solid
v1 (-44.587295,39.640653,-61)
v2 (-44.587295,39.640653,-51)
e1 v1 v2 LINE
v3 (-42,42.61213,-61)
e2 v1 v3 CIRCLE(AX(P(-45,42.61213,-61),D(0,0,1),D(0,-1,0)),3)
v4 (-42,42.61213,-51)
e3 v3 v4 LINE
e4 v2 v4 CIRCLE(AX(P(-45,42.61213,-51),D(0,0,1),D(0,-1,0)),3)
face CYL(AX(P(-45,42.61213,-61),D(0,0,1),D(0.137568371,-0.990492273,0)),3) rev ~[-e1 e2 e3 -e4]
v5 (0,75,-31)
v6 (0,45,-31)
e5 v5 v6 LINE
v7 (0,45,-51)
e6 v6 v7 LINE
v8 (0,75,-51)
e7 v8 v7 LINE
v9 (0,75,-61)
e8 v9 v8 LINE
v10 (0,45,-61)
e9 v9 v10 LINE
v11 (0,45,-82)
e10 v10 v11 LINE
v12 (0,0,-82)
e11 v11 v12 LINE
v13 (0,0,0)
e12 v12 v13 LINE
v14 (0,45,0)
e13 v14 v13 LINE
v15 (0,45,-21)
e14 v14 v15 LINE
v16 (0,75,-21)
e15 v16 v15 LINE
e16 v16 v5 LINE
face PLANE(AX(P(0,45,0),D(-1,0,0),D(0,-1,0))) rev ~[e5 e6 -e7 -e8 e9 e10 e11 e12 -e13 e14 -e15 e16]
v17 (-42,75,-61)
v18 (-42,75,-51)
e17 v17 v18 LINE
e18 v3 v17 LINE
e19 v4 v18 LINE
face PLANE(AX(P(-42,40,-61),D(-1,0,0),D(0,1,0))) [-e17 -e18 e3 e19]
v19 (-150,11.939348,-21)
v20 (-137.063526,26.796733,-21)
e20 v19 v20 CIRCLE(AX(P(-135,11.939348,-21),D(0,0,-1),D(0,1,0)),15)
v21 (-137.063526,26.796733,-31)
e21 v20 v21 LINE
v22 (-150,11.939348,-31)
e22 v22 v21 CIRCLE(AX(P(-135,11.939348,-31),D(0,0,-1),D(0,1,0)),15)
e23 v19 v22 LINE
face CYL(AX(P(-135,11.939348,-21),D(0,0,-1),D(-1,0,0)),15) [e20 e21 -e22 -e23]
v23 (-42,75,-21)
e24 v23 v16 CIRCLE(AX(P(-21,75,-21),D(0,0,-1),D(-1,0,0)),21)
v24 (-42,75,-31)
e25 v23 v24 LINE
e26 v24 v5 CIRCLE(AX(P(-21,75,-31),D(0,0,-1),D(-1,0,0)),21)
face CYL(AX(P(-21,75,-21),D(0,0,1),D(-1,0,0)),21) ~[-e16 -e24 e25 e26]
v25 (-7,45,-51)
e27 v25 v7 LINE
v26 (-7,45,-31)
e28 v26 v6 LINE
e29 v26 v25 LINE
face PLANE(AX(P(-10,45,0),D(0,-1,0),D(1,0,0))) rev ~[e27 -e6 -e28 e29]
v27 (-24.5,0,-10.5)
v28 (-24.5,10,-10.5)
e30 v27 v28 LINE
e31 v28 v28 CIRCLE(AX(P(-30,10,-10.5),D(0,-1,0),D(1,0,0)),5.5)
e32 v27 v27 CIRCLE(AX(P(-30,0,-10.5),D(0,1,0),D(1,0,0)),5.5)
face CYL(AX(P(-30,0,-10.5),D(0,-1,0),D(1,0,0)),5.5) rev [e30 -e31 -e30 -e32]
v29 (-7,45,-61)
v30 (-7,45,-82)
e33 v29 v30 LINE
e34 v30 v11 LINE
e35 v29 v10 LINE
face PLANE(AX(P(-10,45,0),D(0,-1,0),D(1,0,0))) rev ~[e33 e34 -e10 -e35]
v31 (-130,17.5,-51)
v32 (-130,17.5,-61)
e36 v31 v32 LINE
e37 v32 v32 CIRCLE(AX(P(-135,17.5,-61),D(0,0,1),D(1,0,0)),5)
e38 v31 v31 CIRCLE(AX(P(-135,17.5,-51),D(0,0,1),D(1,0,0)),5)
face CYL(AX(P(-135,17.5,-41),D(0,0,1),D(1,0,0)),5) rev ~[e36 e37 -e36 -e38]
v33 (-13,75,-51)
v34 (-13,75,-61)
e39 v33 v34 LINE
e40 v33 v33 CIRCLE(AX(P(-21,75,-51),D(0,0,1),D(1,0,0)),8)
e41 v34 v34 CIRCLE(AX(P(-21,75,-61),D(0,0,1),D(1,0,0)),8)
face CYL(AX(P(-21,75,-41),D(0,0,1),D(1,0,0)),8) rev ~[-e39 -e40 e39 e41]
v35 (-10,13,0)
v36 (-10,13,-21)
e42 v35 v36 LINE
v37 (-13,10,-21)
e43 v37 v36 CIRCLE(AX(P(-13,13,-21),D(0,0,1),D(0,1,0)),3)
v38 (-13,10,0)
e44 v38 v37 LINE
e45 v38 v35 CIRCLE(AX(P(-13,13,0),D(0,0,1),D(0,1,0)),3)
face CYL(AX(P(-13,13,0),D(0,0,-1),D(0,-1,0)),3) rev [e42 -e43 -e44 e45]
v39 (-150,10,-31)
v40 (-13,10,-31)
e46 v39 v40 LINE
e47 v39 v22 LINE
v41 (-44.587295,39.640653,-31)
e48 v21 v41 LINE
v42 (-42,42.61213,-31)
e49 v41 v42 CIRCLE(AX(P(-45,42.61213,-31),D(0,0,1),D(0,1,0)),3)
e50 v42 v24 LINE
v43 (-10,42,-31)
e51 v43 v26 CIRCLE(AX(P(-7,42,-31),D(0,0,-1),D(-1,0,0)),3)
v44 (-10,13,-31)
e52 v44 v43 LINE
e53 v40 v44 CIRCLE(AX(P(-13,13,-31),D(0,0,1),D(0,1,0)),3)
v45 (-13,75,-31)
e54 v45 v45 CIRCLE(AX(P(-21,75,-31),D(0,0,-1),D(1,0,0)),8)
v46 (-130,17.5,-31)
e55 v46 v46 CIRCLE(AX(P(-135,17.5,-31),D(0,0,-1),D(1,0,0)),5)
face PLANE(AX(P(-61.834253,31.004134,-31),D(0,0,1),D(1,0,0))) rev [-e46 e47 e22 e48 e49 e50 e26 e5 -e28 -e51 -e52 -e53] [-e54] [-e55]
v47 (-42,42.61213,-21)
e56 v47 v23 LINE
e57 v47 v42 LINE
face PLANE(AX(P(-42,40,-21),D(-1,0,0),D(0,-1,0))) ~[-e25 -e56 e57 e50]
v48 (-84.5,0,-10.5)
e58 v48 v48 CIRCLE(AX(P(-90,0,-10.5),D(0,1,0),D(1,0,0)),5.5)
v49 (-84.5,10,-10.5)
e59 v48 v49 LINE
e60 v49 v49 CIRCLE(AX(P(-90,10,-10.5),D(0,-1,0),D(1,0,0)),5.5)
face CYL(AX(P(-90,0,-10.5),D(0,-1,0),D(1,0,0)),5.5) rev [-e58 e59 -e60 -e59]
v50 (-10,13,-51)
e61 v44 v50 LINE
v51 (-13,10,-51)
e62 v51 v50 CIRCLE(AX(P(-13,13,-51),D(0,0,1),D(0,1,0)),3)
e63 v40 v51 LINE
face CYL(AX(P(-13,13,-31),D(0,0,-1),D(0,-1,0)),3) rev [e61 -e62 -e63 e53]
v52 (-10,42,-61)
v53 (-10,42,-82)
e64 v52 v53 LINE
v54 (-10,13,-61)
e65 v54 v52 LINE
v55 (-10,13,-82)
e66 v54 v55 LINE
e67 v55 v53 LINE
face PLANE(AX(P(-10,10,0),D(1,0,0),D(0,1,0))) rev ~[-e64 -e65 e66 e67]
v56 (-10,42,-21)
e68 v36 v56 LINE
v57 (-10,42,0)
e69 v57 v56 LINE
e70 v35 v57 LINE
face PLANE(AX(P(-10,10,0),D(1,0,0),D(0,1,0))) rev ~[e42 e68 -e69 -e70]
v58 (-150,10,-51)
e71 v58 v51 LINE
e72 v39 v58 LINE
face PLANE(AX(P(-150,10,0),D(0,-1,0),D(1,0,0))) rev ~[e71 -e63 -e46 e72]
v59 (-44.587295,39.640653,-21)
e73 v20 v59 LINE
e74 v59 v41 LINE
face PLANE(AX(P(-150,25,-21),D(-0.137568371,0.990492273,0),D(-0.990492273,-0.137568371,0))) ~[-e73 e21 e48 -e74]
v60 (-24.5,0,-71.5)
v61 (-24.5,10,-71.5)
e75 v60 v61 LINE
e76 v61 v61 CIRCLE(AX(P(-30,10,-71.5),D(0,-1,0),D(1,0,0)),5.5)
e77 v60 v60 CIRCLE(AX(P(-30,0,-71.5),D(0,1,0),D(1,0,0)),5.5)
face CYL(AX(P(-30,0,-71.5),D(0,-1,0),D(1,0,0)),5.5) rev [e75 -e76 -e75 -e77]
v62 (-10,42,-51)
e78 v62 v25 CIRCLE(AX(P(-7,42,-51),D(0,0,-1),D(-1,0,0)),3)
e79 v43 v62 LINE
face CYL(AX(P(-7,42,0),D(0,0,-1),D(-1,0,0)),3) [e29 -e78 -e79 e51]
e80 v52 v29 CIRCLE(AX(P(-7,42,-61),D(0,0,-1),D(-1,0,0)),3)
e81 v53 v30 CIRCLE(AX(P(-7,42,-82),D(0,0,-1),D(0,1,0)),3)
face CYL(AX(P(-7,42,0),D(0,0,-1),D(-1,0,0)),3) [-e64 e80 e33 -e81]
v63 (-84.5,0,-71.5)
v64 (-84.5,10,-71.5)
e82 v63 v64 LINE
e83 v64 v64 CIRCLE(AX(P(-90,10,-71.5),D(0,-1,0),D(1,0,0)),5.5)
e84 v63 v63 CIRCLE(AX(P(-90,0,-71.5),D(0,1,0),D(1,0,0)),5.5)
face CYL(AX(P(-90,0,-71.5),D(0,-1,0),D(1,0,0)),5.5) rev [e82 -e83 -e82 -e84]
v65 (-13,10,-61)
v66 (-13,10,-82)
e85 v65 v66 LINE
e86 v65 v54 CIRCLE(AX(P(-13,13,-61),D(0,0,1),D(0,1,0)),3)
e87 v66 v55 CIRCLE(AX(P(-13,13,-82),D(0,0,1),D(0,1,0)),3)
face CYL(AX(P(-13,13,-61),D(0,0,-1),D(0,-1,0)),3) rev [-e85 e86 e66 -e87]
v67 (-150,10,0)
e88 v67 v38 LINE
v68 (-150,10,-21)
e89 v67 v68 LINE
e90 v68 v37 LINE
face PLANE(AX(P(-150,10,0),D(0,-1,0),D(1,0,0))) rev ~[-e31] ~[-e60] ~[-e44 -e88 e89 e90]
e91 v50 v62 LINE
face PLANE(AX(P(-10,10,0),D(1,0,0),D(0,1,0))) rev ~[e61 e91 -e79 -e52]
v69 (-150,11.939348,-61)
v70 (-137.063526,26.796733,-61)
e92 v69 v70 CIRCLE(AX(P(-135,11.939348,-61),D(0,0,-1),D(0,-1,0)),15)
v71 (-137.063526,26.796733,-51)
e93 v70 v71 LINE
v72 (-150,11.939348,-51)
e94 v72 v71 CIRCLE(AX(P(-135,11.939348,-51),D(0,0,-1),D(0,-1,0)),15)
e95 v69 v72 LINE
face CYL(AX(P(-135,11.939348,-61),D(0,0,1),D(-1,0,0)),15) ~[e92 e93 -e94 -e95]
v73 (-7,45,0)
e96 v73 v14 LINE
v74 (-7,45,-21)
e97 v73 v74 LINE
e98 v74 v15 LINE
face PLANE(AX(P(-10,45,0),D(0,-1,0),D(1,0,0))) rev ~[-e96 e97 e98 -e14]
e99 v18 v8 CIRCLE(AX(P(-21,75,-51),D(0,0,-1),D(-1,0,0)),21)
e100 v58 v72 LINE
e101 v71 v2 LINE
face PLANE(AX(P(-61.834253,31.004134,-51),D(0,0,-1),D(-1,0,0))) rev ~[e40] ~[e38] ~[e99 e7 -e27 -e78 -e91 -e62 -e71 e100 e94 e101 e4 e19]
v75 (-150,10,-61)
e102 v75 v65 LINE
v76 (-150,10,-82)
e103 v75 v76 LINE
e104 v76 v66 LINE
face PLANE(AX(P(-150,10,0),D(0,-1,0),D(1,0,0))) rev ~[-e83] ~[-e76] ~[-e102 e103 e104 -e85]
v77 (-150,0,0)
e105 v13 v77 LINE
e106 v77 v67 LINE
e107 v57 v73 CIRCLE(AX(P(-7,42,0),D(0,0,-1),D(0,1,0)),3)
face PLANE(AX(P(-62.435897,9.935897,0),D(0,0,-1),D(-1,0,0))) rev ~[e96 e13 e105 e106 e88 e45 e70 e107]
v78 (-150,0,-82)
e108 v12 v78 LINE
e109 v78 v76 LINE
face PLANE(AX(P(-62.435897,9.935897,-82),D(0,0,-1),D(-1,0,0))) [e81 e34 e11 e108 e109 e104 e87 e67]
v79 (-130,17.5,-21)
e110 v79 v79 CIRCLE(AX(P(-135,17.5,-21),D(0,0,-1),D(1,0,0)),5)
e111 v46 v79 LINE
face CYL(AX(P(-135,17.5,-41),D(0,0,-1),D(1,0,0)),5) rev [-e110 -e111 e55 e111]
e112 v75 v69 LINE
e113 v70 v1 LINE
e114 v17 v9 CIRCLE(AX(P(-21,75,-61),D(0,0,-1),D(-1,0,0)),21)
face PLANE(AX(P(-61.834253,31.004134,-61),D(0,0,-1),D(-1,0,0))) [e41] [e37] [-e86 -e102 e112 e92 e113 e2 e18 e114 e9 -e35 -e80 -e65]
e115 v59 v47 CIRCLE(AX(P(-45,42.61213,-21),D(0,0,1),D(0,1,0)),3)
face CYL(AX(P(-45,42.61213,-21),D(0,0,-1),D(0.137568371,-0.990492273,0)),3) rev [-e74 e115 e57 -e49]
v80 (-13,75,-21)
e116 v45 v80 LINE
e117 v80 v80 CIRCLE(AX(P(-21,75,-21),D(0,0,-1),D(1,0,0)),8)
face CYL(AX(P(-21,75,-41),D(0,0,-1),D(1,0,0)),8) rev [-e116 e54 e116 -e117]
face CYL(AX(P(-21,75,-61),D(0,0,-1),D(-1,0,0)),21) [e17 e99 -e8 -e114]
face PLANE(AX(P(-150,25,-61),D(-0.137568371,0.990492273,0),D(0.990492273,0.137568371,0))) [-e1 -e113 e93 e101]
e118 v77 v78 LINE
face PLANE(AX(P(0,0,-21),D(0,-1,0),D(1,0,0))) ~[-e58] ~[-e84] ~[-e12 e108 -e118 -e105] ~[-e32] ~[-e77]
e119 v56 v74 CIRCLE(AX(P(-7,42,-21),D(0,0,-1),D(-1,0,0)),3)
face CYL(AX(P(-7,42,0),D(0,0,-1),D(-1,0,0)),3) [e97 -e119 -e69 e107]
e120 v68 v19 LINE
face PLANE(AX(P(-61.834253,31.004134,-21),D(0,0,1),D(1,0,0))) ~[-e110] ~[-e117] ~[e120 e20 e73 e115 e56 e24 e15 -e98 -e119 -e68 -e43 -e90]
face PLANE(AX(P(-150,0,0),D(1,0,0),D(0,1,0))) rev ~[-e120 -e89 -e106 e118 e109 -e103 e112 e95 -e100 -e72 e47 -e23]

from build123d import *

# Parameters (mm, degrees)
EXTRUDE_1_DEPTH          = 82
FILLET_1_R               = 3
EXTRUDE_2_DEPTH          = 10
SKETCH_3_R               = 8
SKETCH_3_R_2             = 5
CUT_EXTRUDE_1_DEPTH      = 42
CUT_EXTRUDE_1_DEPTH_BACK = 42
FILLET_2_R               = 15
SKETCH_4_R               = 5.5
CUT_EXTRUDE_2_DEPTH      = 97
CUT_EXTRUDE_2_DEPTH_BACK = 1
FILLET_3_R               = 3
FILLET_4_R               = 3


with BuildPart() as part:
    # 스케치1 → 보스-돌출1 (new body)
    with BuildSketch(Plane.XY):
        Polygon((0, 0), (-150, 0), (-150, 10), (-10, 10), (-10, 45), (0, 45), align=None)
    extrude(amount=-EXTRUDE_1_DEPTH)

    # 필렛1
    fillet_1_edges = [part.edges().sort_by_distance(p)[0] for p in [
        (-10, 45, -41),
    ]]
    fillet(fillet_1_edges, radius=FILLET_1_R)

    # 스케치2 → 보스-돌출2 (add)
    with BuildSketch(Plane(origin=(0, 0, -61), x_dir=(-1, 0, 0), z_dir=(0, 0, -1))):
        with BuildLine():
            Line((150, 0), (150, 25))
            Line((150, 25), (42, 40))
            Line((42, 40), (42, 75))
            ThreePointArc((42, 75), (21, 96), (0, 75))
            Line((0, 75), (0, 0))
            Line((0, 0), (150, 0))
        make_face()
    extrude_2 = extrude(amount=-EXTRUDE_2_DEPTH)

    # 대칭 복사1: 보스-돌출2 across plane
    add(extrude_2.mirror(Plane.XY.offset(-41)))

    # 스케치3 → 컷-돌출1 (cut, two sides)
    with BuildSketch(Plane.XY.offset(-41)) as cut_extrude_1_sk:
        with Locations((-21, 75)):
            Circle(SKETCH_3_R)
        with Locations((-135, 17.5)):
            Circle(SKETCH_3_R_2)
    extrude(amount=CUT_EXTRUDE_1_DEPTH, mode=Mode.SUBTRACT)
    extrude(cut_extrude_1_sk.sketch, amount=-CUT_EXTRUDE_1_DEPTH_BACK, mode=Mode.SUBTRACT)

    # 필렛2
    fillet_2_edges = [part.edges().sort_by_distance(p)[0] for p in [
        (-150, 25, -56),
        (-150, 25, -26),
    ]]
    fillet(fillet_2_edges, radius=FILLET_2_R)

    # 스케치4 → 컷-돌출2 (cut, two sides)
    with BuildSketch(Plane(origin=(0, 0, 0), x_dir=(1, 0, 0), z_dir=(0, 1, 0))) as cut_extrude_2_sk:
        with Locations((-30, 71.5)):
            Circle(SKETCH_4_R)
        with Locations((-90, 71.5)):
            Circle(SKETCH_4_R)
        with Locations((-30, 10.5)):
            Circle(SKETCH_4_R)
        with Locations((-90, 10.5)):
            Circle(SKETCH_4_R)
    extrude(amount=CUT_EXTRUDE_2_DEPTH, mode=Mode.SUBTRACT)
    extrude(cut_extrude_2_sk.sketch, amount=-CUT_EXTRUDE_2_DEPTH_BACK, mode=Mode.SUBTRACT)

    # 필렛3
    fillet_3_edges = [part.edges().sort_by_distance(p)[0] for p in [
        (-10, 10, -71.5),
        (-10, 10, -41),
        (-10, 10, -10.5),
    ]]
    fillet(fillet_3_edges, radius=FILLET_3_R)

    # 필렛4
    fillet_4_edges = [part.edges().sort_by_distance(p)[0] for p in [
        (-42, 40, -56),
        (-42, 40, -26),
    ]]
    fillet(fillet_4_edges, radius=FILLET_4_R)


solid = part.part
